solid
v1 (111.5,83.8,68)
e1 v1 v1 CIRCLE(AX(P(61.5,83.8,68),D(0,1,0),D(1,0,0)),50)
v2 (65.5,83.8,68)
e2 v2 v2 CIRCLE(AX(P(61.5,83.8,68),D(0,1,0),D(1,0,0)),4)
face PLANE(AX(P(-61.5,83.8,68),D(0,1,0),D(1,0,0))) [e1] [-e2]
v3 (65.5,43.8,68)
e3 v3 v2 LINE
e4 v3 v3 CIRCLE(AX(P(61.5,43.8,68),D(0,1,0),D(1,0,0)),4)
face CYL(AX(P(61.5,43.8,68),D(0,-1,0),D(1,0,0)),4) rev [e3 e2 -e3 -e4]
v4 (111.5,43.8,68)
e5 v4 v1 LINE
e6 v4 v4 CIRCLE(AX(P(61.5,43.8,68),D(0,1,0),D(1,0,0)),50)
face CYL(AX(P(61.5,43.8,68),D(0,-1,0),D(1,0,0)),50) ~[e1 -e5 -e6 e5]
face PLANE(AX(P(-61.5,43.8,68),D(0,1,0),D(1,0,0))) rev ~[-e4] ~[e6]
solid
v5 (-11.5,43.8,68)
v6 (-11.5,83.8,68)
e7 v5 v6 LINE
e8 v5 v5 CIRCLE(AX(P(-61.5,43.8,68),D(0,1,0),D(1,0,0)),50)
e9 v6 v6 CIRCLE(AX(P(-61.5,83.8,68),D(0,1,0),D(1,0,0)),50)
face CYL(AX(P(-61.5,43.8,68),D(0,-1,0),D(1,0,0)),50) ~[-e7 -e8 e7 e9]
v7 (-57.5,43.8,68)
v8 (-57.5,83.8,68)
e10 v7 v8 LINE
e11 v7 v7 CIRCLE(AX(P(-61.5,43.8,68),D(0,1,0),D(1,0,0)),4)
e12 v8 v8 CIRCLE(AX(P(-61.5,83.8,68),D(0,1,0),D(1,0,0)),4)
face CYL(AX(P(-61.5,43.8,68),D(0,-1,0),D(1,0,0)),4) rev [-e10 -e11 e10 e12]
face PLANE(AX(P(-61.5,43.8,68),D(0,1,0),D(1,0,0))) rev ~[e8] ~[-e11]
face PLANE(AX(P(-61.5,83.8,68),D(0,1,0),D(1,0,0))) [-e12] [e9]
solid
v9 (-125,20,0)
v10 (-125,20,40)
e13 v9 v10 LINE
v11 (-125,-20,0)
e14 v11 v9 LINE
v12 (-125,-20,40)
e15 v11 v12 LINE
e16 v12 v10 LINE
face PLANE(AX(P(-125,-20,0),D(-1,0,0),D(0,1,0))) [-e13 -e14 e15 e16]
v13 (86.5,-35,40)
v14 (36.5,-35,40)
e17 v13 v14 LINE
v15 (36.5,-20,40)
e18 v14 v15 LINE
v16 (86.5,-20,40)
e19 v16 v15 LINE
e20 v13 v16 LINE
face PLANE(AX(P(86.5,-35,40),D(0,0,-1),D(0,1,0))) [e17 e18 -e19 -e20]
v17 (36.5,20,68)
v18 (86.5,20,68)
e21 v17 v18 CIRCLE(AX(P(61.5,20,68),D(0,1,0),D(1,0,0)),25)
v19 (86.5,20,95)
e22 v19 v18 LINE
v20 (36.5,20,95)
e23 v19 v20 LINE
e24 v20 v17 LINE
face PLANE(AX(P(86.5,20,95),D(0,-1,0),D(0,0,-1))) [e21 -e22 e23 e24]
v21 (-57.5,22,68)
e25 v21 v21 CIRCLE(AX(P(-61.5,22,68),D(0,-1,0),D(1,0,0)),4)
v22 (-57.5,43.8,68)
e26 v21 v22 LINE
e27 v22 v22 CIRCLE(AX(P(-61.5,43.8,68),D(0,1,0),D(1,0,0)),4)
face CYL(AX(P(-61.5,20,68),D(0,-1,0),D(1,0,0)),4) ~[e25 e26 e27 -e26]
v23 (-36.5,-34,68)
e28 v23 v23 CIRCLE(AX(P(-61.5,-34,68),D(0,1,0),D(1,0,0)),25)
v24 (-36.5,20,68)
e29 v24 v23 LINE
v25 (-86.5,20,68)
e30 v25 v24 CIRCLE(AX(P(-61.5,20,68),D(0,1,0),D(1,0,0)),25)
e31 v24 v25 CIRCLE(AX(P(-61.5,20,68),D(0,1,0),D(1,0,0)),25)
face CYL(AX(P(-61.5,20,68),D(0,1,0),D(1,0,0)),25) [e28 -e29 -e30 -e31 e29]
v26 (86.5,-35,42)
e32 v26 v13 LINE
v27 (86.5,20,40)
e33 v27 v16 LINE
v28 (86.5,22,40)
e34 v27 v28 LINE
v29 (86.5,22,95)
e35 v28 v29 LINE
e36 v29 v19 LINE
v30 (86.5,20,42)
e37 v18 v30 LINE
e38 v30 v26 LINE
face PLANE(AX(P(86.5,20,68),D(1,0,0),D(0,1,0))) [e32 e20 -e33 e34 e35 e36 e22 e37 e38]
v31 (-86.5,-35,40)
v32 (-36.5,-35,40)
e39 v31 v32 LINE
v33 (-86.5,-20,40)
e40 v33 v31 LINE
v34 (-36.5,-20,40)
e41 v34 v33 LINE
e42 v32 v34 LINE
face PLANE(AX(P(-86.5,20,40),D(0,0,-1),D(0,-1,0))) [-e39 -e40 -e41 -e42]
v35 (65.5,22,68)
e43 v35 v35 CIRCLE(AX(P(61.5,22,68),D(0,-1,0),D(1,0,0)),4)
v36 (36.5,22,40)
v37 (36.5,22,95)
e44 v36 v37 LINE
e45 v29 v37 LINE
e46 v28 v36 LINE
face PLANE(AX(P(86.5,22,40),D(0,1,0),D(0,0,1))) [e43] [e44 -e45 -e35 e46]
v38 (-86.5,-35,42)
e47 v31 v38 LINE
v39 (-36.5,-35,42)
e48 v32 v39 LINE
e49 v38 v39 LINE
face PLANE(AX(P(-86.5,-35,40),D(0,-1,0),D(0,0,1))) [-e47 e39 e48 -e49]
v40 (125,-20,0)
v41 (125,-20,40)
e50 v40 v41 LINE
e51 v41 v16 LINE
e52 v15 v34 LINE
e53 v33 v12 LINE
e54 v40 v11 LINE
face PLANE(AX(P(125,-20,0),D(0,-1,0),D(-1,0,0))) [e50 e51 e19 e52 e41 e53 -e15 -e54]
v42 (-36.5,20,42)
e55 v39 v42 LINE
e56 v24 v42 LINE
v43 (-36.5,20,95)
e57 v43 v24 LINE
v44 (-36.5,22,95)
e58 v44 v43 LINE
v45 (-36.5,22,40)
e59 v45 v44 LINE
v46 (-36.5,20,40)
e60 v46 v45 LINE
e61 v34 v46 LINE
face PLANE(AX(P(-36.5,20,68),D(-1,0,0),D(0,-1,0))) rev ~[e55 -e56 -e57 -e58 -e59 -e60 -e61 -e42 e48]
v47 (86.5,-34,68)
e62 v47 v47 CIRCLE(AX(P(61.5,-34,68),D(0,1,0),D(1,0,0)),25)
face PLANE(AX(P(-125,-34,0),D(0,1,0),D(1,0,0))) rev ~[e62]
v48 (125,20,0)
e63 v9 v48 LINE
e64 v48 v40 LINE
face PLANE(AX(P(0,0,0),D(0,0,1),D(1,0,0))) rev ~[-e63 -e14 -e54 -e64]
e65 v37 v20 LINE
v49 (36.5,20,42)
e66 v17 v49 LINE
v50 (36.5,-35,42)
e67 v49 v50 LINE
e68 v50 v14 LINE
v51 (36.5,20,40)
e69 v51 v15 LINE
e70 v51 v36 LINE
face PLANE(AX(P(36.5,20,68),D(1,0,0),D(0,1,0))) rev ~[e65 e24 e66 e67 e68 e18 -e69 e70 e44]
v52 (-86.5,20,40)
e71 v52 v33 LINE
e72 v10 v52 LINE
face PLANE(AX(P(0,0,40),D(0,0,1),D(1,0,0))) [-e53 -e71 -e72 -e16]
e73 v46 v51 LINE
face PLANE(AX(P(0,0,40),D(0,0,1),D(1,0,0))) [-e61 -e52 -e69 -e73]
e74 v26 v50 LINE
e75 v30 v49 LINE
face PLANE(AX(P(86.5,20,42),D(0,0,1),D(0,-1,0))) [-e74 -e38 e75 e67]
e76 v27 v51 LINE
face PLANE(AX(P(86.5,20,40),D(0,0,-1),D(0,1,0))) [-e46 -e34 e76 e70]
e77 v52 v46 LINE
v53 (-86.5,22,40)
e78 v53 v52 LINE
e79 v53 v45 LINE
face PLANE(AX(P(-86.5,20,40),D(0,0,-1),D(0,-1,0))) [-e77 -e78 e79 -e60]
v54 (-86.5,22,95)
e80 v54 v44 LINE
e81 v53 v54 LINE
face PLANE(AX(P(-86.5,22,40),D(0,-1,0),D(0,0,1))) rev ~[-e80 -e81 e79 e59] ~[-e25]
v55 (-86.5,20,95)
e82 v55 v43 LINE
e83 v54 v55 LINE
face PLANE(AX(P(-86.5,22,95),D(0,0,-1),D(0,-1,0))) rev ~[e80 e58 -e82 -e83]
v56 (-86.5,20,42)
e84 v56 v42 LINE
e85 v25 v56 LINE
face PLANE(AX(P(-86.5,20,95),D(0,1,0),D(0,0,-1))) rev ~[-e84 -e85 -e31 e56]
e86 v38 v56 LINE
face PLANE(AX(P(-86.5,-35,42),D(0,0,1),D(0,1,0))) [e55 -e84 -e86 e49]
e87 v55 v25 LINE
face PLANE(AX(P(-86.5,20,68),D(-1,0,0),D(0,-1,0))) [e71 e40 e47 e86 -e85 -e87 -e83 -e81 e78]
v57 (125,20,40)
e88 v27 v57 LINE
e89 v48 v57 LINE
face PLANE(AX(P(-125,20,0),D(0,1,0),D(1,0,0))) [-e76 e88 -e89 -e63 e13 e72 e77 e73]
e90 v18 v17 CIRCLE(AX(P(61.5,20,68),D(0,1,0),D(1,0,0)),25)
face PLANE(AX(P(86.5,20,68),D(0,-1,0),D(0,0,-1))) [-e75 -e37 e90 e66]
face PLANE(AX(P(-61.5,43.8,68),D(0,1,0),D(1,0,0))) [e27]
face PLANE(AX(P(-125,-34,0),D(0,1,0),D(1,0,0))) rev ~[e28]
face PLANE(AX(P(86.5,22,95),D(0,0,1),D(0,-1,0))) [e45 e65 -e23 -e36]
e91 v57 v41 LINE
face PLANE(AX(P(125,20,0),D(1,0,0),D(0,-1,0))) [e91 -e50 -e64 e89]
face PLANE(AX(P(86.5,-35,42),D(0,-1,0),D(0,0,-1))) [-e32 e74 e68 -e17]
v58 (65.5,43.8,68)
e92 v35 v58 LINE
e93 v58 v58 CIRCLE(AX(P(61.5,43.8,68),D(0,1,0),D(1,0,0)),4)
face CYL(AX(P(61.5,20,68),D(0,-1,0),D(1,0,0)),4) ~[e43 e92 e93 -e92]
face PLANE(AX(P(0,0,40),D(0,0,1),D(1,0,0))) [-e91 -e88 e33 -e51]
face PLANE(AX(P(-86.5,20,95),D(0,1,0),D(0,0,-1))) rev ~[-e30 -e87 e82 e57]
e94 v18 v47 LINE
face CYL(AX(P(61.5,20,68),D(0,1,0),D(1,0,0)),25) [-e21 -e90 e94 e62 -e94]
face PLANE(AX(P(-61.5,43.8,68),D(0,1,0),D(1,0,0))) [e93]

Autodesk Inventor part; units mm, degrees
ref_plane "YZ Plane" through (0, 0, 0) normal (1, 0, 0) x (0, 1, 0)
ref_plane "XZ Plane" through (0, 0, 0) normal (0, 1, 0) x (-1, 0, 0)
ref_plane "XY Plane" through (0, 0, 0) normal (0, 0, 1) x (1, 0, 0)
sketch "Sketch1" plane through (0, 0, 0) normal (0, 0, 1) x (1, 0, 0)
  line L0 (-125, 20) -> (125, 20)
  line L1 (125, 20) -> (125, -20)
  line L2 (125, -20) -> (-125, -20)
  line L3 (-125, -20) -> (-125, 20)
  line L4 (-125, 20) -> (125, -20) construction
  line L5 (125, 20) -> (-125, -20) construction
  point P0 (0, 0)
  dimension "d0" = 250
  dimension "d1" = 40
extrude "Extrusion1" add sketch "Sketch1" along normal blind 40
sketch "Sketch2" plane through (-125, 20, 0) normal (0, 1, 0) x (1, 0, 0)
  circle A0 centre (63.5, -68) radius 25
  circle A1 centre (186.5, -68) radius 25
  line L0 (250, -40) -> (0, -40) projected
  line L1 (0, 0) -> (0, -40) projected
  line L2 (250, 0) -> (250, -40) projected
  point P0 (125, 0)
  dimension "d4" = 50
  dimension "d5" = 50
  dimension "d6" = 28
  dimension "d7" = 28
  dimension "d8" = 63.5
  dimension "d9" = 63.5
  dimension "d10" = 123
extrude "Extrusion2" add sketch "Sketch2" against normal blind 54
sketch "Sketch3" plane through (-61.5, 20, 68) normal (0, 1, 0) x (1, 0, 0)
  circle A0 centre (0, 0) radius 4
  circle A1 centre (123, 0) radius 25 projected
  circle A2 centre (123, 0) radius 4
  point P0 (61.5, 68)
  dimension "d13" = 8
  dimension "d14" = 8
extrude "Extrusion3" add sketch "Sketch3" along normal blind 23.8 contours A0 | A2
ref_plane "Work Plane1" through (-86.5, 20, 68) normal (-1, 0, 0) x (0, -1, 0)
ref_plane "Work Plane2" through (86.5, 20, 68) normal (1, 0, 0) x (0, 1, 0)
sketch "Sketch5" plane through (-86.5, 20, 68) normal (-1, 0, 0) x (0, -1, 0)
  line L0 (0, -28) -> (55, -28)
  line L1 (55, -28) -> (55, -26)
  line L2 (55, -26) -> (0, -26)
  line L3 (0, -26) -> (0, -28)
  line L4 (0, -28) -> (-2, -28)
  line L5 (-2, -28) -> (-2, 27)
  line L6 (-2, 27) -> (0, 27)
  line L7 (0, 27) -> (0, -28)
  point P0 (20, -68)
  dimension "d17" = 55
  dimension "d18" = 2
  dimension "d19" = 2
  dimension "d20" = 55
extrude "Extrusion4" add sketch "Sketch5" against normal blind 50
sketch "Sketch6" plane through (86.5, 20, 68) normal (1, 0, 0) x (0, 1, 0)
  line L0 (0, 27) -> (0, 0) projected
  line L1 (0, 0) -> (0, -26) projected
  line L2 (0, -26) -> (-55, -26) projected
  line L3 (-55, -26) -> (-55, -28) projected
  line L4 (-55, -28) -> (-40, -28) projected
  line L5 (0, -28) -> (-40, -28) projected
  line L6 (0, -28) -> (2, -28) projected
  line L7 (2, -28) -> (2, 27) projected
  line L8 (2, 27) -> (0, 27) projected
  point P0 (-20, -68)
extrude "Extrusion5" add sketch "Sketch6" against normal blind 50
sketch "Sketch7" plane through (-61.5, 43.8, 68) normal (0, 1, 0) x (1, 0, 0)
  circle A0 centre (0, 0) radius 4 projected
  circle A1 centre (0, 0) radius 50
  circle A2 centre (123, 0) radius 4 projected
  circle A3 centre (123, 0) radius 50
  point P0 (61.5, 68)
  dimension "d25" = 100
  dimension "d26" = 100
extrude "Extrusion6" add sketch "Sketch7" along normal blind 40
equation "\"d7\" = d6"
equation "\"d9\" = d8"
properties part number "BSF_Accelerator_v01"
